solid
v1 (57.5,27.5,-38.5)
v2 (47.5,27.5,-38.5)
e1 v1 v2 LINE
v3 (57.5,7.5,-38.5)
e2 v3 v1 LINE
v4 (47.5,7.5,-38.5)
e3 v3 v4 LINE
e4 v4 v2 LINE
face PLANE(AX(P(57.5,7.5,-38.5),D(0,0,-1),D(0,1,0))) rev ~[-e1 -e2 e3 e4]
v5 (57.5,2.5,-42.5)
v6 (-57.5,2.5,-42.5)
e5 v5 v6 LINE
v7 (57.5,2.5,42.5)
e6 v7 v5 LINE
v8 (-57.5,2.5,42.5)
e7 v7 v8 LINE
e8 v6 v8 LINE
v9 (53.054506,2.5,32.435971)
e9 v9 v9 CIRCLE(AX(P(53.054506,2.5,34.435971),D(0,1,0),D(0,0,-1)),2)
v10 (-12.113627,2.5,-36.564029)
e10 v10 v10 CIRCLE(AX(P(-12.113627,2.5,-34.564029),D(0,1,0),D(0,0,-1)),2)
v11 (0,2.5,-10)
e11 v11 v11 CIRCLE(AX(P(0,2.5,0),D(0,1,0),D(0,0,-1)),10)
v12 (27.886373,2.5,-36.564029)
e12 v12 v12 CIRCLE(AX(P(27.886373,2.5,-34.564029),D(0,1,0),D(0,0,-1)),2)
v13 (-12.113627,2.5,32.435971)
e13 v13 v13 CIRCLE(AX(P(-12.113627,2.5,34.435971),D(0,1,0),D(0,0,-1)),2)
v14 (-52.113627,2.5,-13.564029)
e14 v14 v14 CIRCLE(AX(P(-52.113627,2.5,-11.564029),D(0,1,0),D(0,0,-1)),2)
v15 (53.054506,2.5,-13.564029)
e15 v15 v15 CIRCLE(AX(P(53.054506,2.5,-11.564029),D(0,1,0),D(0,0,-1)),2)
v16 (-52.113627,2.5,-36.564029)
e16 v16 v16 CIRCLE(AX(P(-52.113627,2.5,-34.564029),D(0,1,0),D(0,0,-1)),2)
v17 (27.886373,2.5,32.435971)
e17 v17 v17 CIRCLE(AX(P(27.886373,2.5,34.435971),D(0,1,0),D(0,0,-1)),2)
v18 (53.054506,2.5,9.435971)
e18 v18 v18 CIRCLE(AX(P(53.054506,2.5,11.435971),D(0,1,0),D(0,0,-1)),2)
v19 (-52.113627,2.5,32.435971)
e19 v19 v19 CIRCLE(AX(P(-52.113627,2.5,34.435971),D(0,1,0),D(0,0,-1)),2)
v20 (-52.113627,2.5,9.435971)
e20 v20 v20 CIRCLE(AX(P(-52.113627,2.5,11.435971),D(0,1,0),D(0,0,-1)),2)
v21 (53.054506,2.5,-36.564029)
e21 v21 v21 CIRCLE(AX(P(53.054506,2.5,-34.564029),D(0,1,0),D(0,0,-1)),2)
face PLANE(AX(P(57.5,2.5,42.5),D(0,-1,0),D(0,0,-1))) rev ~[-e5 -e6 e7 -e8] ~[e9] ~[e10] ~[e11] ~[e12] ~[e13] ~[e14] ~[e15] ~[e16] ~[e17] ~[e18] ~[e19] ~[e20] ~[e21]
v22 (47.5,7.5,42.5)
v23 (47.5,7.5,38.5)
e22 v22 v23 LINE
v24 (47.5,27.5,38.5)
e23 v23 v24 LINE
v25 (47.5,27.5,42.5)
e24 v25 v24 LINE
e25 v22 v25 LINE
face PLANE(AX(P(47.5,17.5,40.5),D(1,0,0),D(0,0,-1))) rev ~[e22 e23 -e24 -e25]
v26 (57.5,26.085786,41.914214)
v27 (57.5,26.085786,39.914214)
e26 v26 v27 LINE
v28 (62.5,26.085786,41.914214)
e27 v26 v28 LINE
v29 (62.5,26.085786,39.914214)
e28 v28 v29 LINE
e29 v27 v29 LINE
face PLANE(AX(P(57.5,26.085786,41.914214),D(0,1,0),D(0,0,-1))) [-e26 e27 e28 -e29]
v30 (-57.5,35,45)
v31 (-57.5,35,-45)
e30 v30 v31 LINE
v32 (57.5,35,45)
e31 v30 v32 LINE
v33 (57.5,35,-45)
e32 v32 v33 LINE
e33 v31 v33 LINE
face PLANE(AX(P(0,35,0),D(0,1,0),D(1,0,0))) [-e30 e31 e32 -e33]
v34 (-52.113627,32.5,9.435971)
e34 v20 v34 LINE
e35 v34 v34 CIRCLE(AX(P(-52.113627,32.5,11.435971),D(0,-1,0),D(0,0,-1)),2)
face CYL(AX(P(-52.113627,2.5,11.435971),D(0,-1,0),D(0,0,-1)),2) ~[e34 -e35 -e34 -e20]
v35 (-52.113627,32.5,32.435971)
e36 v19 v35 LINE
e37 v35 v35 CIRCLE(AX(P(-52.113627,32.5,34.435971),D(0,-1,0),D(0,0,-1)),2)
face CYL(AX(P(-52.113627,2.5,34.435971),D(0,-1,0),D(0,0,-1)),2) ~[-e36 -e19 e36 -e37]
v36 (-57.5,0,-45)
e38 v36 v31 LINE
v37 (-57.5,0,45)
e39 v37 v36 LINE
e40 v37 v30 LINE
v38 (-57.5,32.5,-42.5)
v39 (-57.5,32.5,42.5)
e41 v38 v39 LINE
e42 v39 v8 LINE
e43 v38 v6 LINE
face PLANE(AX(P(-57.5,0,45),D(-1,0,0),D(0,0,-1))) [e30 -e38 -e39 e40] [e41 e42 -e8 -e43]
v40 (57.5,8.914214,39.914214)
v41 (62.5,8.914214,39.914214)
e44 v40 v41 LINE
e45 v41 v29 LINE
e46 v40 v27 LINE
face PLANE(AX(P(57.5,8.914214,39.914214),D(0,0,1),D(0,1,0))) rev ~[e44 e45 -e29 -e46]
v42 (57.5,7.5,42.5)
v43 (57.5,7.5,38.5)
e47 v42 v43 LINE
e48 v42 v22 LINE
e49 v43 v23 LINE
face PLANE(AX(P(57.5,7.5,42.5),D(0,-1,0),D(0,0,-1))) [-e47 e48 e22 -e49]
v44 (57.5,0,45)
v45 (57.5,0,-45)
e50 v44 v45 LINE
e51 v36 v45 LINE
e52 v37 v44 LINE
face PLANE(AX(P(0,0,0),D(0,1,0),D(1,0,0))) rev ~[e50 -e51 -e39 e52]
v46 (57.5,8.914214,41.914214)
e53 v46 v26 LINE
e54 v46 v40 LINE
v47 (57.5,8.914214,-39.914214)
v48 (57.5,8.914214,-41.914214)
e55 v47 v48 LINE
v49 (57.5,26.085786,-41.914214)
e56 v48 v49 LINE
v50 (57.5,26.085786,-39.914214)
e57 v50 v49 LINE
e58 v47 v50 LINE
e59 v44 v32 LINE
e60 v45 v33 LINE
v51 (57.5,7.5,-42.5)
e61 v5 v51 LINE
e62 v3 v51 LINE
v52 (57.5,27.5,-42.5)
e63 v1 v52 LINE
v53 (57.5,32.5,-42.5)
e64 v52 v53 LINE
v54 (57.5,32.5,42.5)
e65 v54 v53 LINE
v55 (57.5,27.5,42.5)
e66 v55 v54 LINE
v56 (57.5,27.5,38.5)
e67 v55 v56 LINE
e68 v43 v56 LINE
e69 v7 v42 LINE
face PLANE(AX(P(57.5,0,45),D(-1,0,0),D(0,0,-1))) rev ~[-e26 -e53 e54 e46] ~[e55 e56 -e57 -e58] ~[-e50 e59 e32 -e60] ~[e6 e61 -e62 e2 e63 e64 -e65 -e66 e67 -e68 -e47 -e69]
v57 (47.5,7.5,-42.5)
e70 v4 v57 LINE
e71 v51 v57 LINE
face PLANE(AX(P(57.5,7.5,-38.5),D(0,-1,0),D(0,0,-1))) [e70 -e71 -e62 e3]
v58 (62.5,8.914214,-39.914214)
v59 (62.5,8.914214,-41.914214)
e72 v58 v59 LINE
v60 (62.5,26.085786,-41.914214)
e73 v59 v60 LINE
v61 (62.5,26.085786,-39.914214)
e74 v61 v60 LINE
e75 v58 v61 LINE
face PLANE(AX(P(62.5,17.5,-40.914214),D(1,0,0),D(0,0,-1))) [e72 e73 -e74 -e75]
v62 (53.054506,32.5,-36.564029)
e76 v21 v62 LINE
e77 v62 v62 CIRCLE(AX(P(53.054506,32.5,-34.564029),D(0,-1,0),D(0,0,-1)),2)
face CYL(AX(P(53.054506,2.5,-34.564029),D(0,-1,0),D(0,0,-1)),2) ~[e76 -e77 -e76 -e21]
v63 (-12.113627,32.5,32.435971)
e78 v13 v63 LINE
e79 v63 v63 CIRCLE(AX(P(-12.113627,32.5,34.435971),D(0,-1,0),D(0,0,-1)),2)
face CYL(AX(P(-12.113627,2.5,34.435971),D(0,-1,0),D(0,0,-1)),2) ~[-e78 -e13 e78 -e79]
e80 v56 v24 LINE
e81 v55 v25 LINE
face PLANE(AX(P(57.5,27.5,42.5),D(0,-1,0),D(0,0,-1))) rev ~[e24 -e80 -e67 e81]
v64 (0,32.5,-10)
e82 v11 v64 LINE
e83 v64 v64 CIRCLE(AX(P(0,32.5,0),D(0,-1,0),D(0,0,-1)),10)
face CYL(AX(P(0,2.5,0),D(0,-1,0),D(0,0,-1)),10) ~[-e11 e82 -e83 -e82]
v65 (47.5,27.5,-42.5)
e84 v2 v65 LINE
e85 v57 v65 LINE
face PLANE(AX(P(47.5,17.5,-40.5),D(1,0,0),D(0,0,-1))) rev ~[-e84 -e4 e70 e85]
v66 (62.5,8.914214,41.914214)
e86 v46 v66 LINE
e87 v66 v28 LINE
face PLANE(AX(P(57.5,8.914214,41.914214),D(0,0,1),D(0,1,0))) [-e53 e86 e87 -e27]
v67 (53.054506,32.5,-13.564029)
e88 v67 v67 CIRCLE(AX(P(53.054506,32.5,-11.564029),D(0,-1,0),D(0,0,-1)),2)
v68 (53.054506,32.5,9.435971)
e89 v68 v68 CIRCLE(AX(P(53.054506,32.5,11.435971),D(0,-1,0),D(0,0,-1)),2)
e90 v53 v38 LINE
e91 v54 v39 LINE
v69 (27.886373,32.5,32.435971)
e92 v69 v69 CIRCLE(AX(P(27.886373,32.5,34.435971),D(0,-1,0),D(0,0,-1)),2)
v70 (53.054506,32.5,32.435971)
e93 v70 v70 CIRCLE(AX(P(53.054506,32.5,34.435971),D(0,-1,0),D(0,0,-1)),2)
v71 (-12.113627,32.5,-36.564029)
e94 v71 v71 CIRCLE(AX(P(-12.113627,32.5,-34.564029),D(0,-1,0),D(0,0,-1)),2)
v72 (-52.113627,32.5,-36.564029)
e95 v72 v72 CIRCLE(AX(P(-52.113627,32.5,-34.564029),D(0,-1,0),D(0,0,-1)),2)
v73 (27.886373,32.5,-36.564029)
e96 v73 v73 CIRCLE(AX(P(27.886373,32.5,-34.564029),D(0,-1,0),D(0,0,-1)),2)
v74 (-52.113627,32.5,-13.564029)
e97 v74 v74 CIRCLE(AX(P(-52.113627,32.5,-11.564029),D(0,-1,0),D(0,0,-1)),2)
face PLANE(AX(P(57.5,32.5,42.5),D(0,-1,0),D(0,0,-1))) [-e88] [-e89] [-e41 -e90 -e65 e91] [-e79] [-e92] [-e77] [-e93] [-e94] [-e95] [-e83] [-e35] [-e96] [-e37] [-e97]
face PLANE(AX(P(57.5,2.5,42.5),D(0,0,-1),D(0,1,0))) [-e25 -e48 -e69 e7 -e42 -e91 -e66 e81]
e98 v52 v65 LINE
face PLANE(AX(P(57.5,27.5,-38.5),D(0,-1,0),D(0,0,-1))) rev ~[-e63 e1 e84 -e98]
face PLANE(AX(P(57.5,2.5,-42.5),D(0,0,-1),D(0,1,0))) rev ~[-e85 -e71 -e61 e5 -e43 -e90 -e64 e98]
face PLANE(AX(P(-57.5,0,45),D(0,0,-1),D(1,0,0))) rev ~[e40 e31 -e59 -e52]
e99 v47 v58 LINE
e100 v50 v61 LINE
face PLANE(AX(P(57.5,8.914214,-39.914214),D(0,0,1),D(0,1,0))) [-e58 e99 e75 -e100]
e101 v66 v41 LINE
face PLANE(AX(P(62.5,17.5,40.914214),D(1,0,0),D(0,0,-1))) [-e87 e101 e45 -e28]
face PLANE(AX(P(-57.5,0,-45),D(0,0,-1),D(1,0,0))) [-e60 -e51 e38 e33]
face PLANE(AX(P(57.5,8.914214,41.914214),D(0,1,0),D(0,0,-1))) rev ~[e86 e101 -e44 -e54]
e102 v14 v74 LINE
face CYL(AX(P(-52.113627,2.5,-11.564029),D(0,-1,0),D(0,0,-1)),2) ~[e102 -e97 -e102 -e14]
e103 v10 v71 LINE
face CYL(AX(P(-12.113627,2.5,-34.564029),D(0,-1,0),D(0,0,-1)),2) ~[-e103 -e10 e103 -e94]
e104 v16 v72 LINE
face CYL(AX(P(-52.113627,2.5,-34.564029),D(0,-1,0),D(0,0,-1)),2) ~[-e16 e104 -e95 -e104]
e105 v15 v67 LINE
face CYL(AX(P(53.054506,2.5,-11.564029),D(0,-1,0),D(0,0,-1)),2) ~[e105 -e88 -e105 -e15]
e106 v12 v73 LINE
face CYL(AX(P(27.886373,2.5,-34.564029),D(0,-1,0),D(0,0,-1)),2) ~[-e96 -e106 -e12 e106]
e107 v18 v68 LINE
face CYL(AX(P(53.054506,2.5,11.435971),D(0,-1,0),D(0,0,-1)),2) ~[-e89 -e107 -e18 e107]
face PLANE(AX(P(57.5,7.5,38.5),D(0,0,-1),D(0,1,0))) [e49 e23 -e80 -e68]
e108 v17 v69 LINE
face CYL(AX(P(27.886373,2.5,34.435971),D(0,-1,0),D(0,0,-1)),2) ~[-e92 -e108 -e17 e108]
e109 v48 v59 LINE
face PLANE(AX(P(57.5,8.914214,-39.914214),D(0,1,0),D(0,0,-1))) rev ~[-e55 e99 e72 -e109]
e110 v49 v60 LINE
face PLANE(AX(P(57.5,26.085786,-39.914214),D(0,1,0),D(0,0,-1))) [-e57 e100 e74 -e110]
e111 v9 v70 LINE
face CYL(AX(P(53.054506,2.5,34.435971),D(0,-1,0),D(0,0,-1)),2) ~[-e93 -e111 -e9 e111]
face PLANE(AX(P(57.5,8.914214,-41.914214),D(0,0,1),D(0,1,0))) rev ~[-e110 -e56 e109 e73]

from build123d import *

# Parameters (mm, degrees)
SKETCH_1_W          = 115
SKETCH_1_H          = 90
EXTRUDE_1_DEPTH     = 35
SKETCH_2_W          = 85
SKETCH_2_H          = 30
CUT_EXTRUDE_1_DEPTH = 129.35497653
SKETCH_3_W          = 4
SKETCH_3_H          = 20
EXTRUDE_2_DEPTH     = 10
SKETCH_4_W          = 2
SKETCH_4_H          = 17.171572876
EXTRUDE_3_DEPTH     = 5
SKETCH_5_R          = 2
SKETCH_5_R_2        = 10
EXTRUDE_4_DEPTH     = 32


with BuildPart() as part:
    # Эскиз1 → Бобышка-Вытянуть1 (new body)
    with BuildSketch(Plane(origin=(0, 0, 0), x_dir=(1, 0, 0), z_dir=(0, 1, 0))):
        Rectangle(SKETCH_1_W, SKETCH_1_H)
    extrude(amount=EXTRUDE_1_DEPTH)

    # Эскиз2 → Вырез-Вытянуть1 (cut, through all)
    with BuildSketch(Plane(origin=(57.5, 0, 0), x_dir=(0, 0, -1), z_dir=(1, 0, 0))):
        with Locations((0, 17.5)):
            Rectangle(SKETCH_2_W, SKETCH_2_H)
    extrude(amount=-CUT_EXTRUDE_1_DEPTH, mode=Mode.SUBTRACT)

    # Эскиз3 → Бобышка-Вытянуть2 (add)
    with BuildSketch(Plane(origin=(57.5, 0, 0), x_dir=(0, 0, -1), z_dir=(1, 0, 0))):
        with Locations((40.5, 17.5)):
            Rectangle(SKETCH_3_W, SKETCH_3_H)
        with Locations((-40.5, 17.5)):
            Rectangle(SKETCH_3_W, SKETCH_3_H)
    extrude(amount=-EXTRUDE_2_DEPTH)

    # Эскиз4 → Бобышка-Вытянуть3 (add)
    with BuildSketch(Plane(origin=(57.5, 0, 0), x_dir=(0, 0, -1), z_dir=(1, 0, 0))):
        with Locations((40.914213562, 17.5)):
            Rectangle(SKETCH_4_W, SKETCH_4_H)
        with Locations((-40.914213562, 17.5)):
            Rectangle(SKETCH_4_W, SKETCH_4_H)
    extrude(amount=EXTRUDE_3_DEPTH)

    # Эскиз5 → Бобышка-Вытянуть4 (add)
    with BuildSketch(Plane(origin=(0, 2.5, 0), x_dir=(1, 0, 0), z_dir=(0, 1, 0))):
        with Locations(Location((-52.113626613, 34.564029455, 0), (0, 0, 90))):
            Circle(SKETCH_5_R)
        with Locations(Location((-52.113626613, 11.564029455, 0), (0, 0, 90))):
            Circle(SKETCH_5_R)
        with Locations(Location((-52.113626613, -11.435970545, 0), (0, 0, 90))):
            Circle(SKETCH_5_R)
        with Locations(Location((-52.113626613, -34.435970545, 0), (0, 0, 90))):
            Circle(SKETCH_5_R)
        with Locations(Location((53.054505716, 34.564029455, 0), (0, 0, 90))):
            Circle(SKETCH_5_R)
        with Locations(Location((53.054505716, 11.564029455, 0), (0, 0, 90))):
            Circle(SKETCH_5_R)
        with Locations(Location((53.054505716, -11.435970545, 0), (0, 0, 90))):
            Circle(SKETCH_5_R)
        with Locations(Location((53.054505716, -34.435970545, 0), (0, 0, 90))):
            Circle(SKETCH_5_R)
        with Locations(Location((-12.113626613, 34.564029455, 0), (0, 0, 90))):
            Circle(SKETCH_5_R)
        with Locations(Location((27.886373387, 34.564029455, 0), (0, 0, 90))):
            Circle(SKETCH_5_R)
        with Locations(Location((-12.113626613, -34.435970545, 0), (0, 0, 90))):
            Circle(SKETCH_5_R)
        with Locations(Location((27.886373387, -34.435970545, 0), (0, 0, 90))):
            Circle(SKETCH_5_R)
        with Locations(Location((0, 0, 0), (0, 0, 90))):
            Circle(SKETCH_5_R_2)
    extrude(amount=EXTRUDE_4_DEPTH)


solid = part.part
